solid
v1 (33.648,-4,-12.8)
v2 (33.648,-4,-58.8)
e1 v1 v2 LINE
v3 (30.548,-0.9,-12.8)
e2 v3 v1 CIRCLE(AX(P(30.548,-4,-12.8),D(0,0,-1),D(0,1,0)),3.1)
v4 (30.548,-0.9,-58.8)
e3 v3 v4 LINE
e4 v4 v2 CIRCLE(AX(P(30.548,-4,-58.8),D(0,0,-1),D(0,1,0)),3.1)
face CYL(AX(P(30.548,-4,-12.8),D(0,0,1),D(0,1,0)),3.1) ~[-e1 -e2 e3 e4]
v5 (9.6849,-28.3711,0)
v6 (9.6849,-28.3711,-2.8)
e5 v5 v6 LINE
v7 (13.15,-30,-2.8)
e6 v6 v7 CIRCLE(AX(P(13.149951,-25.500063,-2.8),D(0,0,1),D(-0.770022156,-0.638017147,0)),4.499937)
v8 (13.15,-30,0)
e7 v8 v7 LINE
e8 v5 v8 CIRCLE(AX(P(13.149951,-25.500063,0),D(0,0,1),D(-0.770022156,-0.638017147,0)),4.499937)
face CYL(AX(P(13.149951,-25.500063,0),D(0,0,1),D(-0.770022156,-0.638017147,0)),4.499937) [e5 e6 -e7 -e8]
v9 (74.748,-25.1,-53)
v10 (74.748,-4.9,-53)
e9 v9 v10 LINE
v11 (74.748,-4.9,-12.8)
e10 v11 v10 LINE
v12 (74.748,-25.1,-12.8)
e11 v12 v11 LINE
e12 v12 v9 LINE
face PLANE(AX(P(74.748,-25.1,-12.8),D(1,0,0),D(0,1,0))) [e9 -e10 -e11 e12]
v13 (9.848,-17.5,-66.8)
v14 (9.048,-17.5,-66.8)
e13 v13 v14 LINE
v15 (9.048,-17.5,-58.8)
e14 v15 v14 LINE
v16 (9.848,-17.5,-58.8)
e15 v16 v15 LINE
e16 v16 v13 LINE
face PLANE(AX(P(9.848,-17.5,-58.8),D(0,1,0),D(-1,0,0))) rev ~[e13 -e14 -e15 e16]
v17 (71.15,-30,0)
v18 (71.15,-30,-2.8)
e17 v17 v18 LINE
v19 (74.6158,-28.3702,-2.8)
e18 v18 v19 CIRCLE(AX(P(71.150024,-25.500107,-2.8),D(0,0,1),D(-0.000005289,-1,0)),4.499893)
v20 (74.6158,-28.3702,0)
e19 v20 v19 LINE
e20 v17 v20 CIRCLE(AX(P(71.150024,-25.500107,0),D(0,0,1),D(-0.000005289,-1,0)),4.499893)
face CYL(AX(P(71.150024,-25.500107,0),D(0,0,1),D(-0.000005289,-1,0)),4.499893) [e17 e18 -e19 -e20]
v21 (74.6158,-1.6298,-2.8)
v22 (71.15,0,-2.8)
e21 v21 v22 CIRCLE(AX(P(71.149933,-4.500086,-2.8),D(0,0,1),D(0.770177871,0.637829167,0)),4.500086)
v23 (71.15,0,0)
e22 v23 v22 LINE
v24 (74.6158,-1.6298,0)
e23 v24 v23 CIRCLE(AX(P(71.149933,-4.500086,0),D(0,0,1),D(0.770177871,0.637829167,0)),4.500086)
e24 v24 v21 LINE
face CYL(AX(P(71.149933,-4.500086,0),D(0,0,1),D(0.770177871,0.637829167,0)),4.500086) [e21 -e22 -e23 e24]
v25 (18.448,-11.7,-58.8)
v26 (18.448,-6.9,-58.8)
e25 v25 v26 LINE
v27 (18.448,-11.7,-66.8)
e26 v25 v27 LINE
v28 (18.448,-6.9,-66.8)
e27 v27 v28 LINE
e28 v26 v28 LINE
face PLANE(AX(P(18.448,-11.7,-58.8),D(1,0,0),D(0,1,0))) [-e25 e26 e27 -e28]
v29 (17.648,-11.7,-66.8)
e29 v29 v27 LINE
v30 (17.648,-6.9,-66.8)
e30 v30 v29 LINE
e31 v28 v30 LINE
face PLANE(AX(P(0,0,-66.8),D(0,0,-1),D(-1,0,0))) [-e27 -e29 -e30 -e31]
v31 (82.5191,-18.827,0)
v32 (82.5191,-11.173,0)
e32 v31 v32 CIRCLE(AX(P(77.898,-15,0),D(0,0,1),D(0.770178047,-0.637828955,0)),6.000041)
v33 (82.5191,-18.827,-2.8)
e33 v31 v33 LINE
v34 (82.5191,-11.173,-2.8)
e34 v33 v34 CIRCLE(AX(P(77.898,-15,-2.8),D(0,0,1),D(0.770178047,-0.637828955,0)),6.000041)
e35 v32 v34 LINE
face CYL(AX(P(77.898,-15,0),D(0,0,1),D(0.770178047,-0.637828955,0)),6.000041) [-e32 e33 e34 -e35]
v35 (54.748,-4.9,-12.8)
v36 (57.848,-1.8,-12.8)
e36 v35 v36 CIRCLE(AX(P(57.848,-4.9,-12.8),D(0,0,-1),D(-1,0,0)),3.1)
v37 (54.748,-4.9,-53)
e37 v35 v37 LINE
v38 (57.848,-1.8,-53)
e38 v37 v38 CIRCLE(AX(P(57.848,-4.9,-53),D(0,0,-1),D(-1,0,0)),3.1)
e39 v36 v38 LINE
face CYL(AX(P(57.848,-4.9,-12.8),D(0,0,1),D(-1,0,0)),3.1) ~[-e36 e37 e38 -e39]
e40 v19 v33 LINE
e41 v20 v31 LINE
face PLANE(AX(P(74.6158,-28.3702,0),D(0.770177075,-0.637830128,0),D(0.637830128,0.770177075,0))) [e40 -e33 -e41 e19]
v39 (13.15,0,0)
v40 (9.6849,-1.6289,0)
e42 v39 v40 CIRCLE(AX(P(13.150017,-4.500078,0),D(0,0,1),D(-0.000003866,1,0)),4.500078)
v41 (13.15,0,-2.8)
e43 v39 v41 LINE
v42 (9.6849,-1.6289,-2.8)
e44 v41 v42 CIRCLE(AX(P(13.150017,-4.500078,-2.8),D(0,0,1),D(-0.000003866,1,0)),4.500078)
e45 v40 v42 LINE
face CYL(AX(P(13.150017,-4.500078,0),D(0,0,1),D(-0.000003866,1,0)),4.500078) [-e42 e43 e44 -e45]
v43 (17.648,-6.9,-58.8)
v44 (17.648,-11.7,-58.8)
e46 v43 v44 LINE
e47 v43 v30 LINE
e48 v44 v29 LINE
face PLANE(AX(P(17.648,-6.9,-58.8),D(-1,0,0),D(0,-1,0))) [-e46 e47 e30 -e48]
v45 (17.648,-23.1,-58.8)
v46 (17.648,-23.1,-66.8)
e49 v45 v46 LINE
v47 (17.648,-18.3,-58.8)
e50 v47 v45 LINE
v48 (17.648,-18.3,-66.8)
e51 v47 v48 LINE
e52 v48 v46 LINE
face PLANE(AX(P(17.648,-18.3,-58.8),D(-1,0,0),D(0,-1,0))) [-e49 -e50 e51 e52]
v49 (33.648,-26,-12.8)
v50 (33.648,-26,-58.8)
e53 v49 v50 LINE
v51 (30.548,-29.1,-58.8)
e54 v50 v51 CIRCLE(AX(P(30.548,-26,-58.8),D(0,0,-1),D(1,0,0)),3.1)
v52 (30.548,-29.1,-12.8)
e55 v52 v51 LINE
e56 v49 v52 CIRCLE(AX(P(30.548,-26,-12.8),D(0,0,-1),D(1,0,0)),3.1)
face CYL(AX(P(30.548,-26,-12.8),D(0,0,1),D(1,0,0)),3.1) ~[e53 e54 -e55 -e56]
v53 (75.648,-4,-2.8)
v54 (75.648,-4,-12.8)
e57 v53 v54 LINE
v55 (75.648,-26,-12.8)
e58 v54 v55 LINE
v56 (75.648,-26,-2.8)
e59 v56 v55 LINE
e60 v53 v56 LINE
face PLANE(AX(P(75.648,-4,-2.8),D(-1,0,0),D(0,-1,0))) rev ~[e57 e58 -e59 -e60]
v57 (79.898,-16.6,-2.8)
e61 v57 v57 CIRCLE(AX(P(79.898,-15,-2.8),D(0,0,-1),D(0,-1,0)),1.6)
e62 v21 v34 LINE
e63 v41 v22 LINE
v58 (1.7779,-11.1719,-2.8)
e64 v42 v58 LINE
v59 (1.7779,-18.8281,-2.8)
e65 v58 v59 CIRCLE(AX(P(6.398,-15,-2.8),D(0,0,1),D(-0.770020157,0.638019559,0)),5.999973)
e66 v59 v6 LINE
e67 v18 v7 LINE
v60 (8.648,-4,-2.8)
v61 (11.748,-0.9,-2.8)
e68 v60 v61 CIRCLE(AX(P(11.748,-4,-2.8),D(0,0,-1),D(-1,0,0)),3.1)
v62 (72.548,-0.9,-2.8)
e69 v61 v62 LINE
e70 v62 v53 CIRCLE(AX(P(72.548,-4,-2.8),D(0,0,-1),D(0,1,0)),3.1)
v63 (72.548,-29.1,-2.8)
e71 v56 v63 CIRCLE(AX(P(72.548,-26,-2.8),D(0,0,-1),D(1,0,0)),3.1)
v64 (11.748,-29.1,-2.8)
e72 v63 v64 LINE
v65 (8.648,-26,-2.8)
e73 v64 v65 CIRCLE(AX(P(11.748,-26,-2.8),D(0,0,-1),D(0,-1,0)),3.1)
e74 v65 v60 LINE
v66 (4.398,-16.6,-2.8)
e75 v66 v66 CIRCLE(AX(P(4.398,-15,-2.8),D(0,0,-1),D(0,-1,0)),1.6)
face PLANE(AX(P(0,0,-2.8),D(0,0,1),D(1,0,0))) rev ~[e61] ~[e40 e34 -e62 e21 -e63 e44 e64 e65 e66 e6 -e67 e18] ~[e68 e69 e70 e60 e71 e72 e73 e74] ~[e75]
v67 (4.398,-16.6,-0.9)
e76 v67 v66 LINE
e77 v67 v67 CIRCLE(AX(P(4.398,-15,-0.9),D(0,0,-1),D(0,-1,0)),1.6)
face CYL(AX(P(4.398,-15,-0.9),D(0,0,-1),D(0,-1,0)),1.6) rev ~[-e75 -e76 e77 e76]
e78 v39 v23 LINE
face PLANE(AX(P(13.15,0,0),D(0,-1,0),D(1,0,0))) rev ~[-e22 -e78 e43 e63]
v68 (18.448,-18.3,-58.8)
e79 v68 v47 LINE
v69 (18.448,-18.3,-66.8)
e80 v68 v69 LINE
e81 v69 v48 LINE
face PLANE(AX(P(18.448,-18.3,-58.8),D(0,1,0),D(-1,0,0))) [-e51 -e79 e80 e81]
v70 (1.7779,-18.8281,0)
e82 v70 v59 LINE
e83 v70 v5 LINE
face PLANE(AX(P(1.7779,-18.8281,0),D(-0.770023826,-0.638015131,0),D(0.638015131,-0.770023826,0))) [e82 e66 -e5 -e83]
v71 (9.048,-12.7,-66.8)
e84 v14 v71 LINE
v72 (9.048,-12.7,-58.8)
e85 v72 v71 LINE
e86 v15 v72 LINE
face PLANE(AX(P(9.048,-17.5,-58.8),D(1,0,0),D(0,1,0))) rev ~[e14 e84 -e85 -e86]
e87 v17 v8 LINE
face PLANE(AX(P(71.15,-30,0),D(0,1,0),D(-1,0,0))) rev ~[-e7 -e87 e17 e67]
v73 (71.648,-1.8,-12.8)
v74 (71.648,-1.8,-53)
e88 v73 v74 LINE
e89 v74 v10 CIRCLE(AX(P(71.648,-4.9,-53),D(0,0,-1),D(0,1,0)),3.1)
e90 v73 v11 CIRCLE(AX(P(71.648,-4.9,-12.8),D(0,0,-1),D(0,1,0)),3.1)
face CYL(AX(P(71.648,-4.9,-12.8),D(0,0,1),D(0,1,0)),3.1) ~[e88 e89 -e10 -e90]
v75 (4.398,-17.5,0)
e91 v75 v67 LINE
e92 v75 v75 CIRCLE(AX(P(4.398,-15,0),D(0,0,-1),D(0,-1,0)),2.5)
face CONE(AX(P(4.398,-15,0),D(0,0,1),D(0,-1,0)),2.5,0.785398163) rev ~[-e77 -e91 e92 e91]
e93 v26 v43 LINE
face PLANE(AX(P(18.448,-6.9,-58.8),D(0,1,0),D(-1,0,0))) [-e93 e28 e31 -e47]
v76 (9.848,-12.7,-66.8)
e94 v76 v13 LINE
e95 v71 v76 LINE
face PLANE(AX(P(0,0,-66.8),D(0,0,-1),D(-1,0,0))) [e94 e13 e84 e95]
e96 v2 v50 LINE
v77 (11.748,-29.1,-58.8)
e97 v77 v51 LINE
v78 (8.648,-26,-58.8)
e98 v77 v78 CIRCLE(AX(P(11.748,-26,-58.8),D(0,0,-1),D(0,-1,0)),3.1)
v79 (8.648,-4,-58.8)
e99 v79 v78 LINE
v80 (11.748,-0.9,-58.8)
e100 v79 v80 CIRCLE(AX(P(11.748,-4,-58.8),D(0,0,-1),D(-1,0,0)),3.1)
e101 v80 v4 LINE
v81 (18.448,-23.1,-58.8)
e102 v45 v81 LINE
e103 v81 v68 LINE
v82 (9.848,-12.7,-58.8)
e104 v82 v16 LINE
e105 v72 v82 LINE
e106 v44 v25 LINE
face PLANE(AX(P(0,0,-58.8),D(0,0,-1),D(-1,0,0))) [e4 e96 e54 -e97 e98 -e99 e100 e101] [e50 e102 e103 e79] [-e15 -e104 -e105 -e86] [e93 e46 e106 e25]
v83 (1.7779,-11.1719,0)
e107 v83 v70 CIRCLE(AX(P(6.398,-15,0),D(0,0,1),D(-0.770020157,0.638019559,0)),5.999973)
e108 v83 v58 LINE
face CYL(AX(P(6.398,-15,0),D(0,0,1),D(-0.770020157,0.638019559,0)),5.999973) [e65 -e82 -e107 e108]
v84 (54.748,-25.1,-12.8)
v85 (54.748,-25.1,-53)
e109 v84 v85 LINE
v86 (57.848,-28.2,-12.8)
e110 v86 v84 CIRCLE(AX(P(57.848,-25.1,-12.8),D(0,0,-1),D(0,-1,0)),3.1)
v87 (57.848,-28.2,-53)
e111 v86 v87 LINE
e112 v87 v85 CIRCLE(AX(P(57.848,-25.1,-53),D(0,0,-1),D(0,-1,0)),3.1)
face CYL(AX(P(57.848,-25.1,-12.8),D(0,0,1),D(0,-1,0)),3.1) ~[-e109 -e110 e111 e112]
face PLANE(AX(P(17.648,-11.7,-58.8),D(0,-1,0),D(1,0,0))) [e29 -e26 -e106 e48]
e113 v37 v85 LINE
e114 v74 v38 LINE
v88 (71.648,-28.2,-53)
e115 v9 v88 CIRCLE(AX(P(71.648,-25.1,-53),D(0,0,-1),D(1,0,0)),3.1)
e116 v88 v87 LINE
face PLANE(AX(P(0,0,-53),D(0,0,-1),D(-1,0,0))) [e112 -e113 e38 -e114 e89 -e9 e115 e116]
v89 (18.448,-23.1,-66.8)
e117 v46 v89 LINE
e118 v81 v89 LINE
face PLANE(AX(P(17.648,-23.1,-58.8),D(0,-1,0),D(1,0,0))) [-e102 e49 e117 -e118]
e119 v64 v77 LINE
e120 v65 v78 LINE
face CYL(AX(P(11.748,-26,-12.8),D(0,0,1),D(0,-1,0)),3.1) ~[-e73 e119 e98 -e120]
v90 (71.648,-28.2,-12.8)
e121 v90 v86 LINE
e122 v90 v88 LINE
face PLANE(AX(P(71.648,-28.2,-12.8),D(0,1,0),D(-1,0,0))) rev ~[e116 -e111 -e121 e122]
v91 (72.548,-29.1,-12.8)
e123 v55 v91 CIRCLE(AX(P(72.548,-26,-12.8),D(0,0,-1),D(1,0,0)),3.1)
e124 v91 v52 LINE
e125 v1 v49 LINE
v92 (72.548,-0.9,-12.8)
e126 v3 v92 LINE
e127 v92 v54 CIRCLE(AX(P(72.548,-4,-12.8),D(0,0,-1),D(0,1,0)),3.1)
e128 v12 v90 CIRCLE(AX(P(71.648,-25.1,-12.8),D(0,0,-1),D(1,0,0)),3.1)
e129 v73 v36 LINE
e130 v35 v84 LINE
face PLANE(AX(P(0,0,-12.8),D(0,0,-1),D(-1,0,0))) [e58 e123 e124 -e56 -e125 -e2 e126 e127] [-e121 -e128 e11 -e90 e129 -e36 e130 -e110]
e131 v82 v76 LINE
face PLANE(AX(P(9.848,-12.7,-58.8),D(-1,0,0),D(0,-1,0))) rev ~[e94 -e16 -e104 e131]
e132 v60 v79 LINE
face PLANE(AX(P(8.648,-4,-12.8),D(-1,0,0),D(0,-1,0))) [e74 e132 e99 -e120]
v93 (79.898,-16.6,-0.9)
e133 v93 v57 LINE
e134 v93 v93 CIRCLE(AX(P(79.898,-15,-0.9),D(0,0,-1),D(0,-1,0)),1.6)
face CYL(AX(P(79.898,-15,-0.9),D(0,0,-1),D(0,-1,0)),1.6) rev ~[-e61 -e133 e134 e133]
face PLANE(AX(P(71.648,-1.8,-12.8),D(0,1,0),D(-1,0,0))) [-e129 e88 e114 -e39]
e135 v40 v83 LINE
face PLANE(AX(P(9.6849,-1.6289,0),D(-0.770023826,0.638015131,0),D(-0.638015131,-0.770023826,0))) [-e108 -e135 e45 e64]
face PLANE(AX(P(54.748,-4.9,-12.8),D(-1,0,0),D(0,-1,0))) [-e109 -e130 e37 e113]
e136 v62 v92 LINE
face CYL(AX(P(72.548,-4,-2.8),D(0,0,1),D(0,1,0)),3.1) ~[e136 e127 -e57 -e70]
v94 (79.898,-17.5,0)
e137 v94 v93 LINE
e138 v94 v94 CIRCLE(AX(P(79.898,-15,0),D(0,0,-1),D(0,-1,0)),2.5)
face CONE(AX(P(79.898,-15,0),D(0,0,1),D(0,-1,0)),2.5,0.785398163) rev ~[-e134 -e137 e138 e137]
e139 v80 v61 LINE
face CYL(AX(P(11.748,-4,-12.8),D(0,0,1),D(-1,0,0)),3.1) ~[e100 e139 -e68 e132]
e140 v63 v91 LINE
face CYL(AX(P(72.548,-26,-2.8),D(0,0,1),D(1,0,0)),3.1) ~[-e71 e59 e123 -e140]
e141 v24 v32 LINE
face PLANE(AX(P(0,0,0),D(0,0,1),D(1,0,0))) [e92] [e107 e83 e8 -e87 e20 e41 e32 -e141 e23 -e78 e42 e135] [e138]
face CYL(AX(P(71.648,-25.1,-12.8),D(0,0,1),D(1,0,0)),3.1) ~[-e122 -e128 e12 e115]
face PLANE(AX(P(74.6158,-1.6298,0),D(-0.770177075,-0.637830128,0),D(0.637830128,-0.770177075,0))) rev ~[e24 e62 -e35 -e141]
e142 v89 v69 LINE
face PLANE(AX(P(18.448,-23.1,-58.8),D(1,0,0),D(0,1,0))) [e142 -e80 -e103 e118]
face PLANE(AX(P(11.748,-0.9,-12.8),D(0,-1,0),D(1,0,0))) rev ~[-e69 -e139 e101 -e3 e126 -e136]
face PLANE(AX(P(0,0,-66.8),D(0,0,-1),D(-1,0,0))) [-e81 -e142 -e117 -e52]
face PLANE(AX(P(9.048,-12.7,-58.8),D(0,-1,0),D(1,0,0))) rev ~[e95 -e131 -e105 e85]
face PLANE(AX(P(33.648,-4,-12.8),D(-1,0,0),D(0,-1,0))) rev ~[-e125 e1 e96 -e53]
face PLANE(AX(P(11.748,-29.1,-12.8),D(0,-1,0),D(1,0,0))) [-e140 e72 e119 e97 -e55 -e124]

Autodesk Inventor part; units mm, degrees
ref_plane "YZ Plane" through (0, 0, 0) normal (1, 0, 0) x (0, 1, 0)
ref_plane "XZ Plane" through (0, 0, 0) normal (0, 1, 0) x (-1, 0, 0)
ref_plane "XY Plane" through (0, 0, 0) normal (0, 0, 1) x (1, 0, 0)
sketch "Skizze1" plane through (0, 0, 0) normal (0, 0, 1) x (1, 0, 0)
  line L0 (13.15, 0) -> (71.15, 0)
  line L1 (71.15, -30) -> (13.15, -30)
  arc A0 (1.7779, -11.1719) -> (1.7779, -18.8281) centre (6.398, -15) ccw
  arc A1 (82.5191, -18.827) -> (82.5191, -11.173) centre (77.898, -15) ccw
  line L2 (13.15, 0) -> (71.15, 0)
  line L3 (71.15, -30) -> (13.15, -30)
  arc A2 (13.15, 0) -> (9.6849, -1.6289) centre (13.15, -4.5) ccw
  arc A3 (9.6849, -28.3711) -> (13.15, -30) centre (13.15, -25.5) ccw
  arc A4 (71.15, -30) -> (74.6158, -28.3702) centre (71.15, -25.5) ccw
  arc A5 (74.6158, -1.6298) -> (71.15, 0) centre (71.15, -4.5) ccw
  line L4 (9.6849, -1.6289) -> (1.7779, -11.1719)
  line L5 (1.7779, -18.8281) -> (9.6849, -28.3711)
  line L6 (74.6158, -28.3702) -> (82.5191, -18.827)
  line L7 (74.6158, -1.6298) -> (82.5191, -11.173)
  line L8 (6.398, -15) -> (77.898, -15) construction
  point P0 (0, 0)
  point P1 (74.85, -30)
  dimension "d2" = 12
  dimension "d3" = 12
  dimension "d6" = 4.5
  dimension "d47" = 71.5
  dimension "d48" = 21
  dimension "d49" = 21
  dimension "d50" = 58
  dimension "d51" = 58
  dimension "d52" = 15
  dimension "d53" = 15
  dimension "d54" = 50.37
  dimension "d55" = 50.37
  dimension "d56" = 50.356
  dimension "d57" = 50.356
extrude "Extrusion1" add sketch "Skizze1" against normal blind 2.8
sketch "Skizze2" plane through (0, 0, 0) normal (0, 0, 1) x (1, 0, 0)
  arc A0 (1.7779, -11.1719) -> (1.7779, -18.8281) centre (6.398, -15) ccw projected
  point P0 (0, 0)
  point P1 (4.398, -15)
  point P2 (79.898, -15)
  dimension "d9" = 75.5
  dimension "d10" = 2
hole "Bohrung1" at (4.398, -15, 0) at (79.898, -15, 0) direction (0, 0, -1) diameter 3.2 end through all countersink diameter 5 countersink angle 90
sketch "Skizze3" plane through (0, 0, -2.8) normal (0, 0, -1) x (-1, 0, 0)
  circle A0 centre (-79.898, -15) radius 1.6 projected
  arc A1 (-13.15, -30) -> (-9.6849, -28.3711) centre (-13.15, -25.5) ccw projected
  line L0 (-16.4119, -28.6) -> (-15.1466, -28.6)
  line L1 (-15.1466, -1.4) -> (-29.2653, -1.4)
  line L2 (-72.548, -29.1) -> (-11.748, -29.1)
  line L3 (-8.648, -26) -> (-8.648, -4)
  line L4 (-11.748, -0.9) -> (-72.548, -0.9)
  line L5 (-75.648, -4) -> (-75.648, -26)
  arc A2 (-75.648, -26) -> (-72.548, -29.1) centre (-72.548, -26) ccw
  arc A3 (-72.548, -0.9) -> (-75.648, -4) centre (-72.548, -4) ccw
  arc A4 (-8.648, -4) -> (-11.748, -0.9) centre (-11.748, -4) ccw
  arc A5 (-11.748, -29.1) -> (-8.648, -26) centre (-11.748, -26) ccw
  line L6 (-13.15, -30) -> (-71.15, -30) projected
  line L7 (-71.15, 0) -> (-13.15, 0) projected
  point P0 (0, 0)
  point P1 (-8.648, -0.9)
  point P2 (-75.648, -0.9)
  dimension "d20" = 67
  dimension "d21" = 4.25
  dimension "d22" = 3.1
  dimension "d44" = 28.2
  dimension "d45" = 0.9
  dimension "d46" = 0.9
extrude "Extrusion2" add sketch "Skizze3" along normal blind 10 contours A2 L5 A3 L4 A4 L3 A5 L2
sketch "Skizze4" plane through (0, 0, -12.8) normal (0, 0, -1) x (-1, 0, 0)
  line L0 (-11.748, -29.1) -> (-72.548, -29.1) projected
  line L1 (-8.648, -4) -> (-8.648, -26) projected
  line L2 (-11.748, -0.9) -> (-30.548, -0.9)
  line L3 (-33.648, -4) -> (-33.648, -26)
  line L4 (-30.548, -29.1) -> (-11.748, -29.1)
  line L5 (-8.648, -26) -> (-8.648, -4)
  arc A0 (-11.748, -29.1) -> (-8.648, -26) centre (-11.748, -26) ccw
  arc A1 (-8.648, -4) -> (-11.748, -0.9) centre (-11.748, -4) ccw
  arc A2 (-30.548, -0.9) -> (-33.648, -4) centre (-30.548, -4) ccw
  arc A3 (-33.648, -26) -> (-30.548, -29.1) centre (-30.548, -26) ccw
  point P0 (0, 0)
  point P1 (-33.648, -29.1)
  dimension "d25" = 25
  dimension "d26" = 3.1
  dimension "d27" = 0
  dimension "d28" = 3.1
extrude "Extrusion3" add sketch "Skizze4" along normal blind 46
sketch "Skizze5" plane through (0, 0, -58.8) normal (0, 0, -1) x (-1, 0, 0)
  line L0 (-8.648, -4) -> (-8.648, -26) projected
  line L1 (-11.748, -29.1) -> (-30.548, -29.1) projected
  line L2 (-9.848, -17.5) -> (-9.048, -17.5)
  line L3 (-9.048, -17.5) -> (-9.048, -12.7)
  line L4 (-9.048, -12.7) -> (-9.848, -12.7)
  line L5 (-9.848, -12.7) -> (-9.848, -17.5)
  line L6 (-30.548, -0.9) -> (-11.748, -0.9) projected
  line L7 (-18.448, -6.9) -> (-17.648, -6.9)
  line L8 (-17.648, -6.9) -> (-17.648, -11.7)
  line L9 (-17.648, -11.7) -> (-18.448, -11.7)
  line L10 (-18.448, -11.7) -> (-18.448, -6.9)
  line L11 (-18.448, -18.3) -> (-17.648, -18.3)
  line L12 (-17.648, -18.3) -> (-17.648, -23.1)
  line L13 (-17.648, -23.1) -> (-18.448, -23.1)
  line L14 (-18.448, -23.1) -> (-18.448, -18.3)
  point P0 (0, 0)
  dimension "d31" = 0.4
  dimension "d33" = 0.8
  dimension "d35" = 4.8
  dimension "d37" = 11.6
  dimension "d62" = 0.8
  dimension "d63" = 0.8
  dimension "d64" = 4.8
  dimension "d65" = 4.8
  dimension "d66" = 6
  dimension "d67" = 6
  dimension "d68" = 0
  dimension "d69" = 9
extrude "Extrusion4" add sketch "Skizze5" along normal blind 8
sketch "Skizze6" plane through (0, 0, -12.8) normal (0, 0, -1) x (-1, 0, 0)
  line L0 (-30.548, -29.1) -> (-72.548, -29.1) projected
  line L1 (-71.648, -1.8) -> (-57.848, -1.8)
  line L2 (-54.748, -4.9) -> (-54.748, -25.1)
  line L3 (-74.748, -25.1) -> (-74.748, -4.9)
  arc A0 (-71.648, -1.8) -> (-74.748, -4.9) centre (-71.648, -4.9) ccw
  arc A1 (-54.748, -4.9) -> (-57.848, -1.8) centre (-57.848, -4.9) ccw
  arc A2 (-57.848, -28.2) -> (-54.748, -25.1) centre (-57.848, -25.1) ccw
  arc A3 (-74.748, -25.1) -> (-71.648, -28.2) centre (-71.648, -25.1) ccw
  line L4 (-72.548, -0.9) -> (-30.548, -0.9) projected
  line L5 (-75.648, -26) -> (-75.648, -4) projected
  line L6 (-33.648, -26) -> (-33.648, -4) projected
  line L7 (-71.648, -28.2) -> (-57.848, -28.2)
  point P0 (0, 0)
  point P1 (-54.748, -29.1)
  dimension "d40" = 20
  dimension "d41" = 3.1
  dimension "d58" = 0.9
  dimension "d59" = 0.9
  dimension "d60" = 0.9
  dimension "d61" = 26.4
extrude "Extrusion5" add sketch "Skizze6" along normal blind 40.2
equation "\"d2\" = d3"
properties part number "Schurter_CDG4_4101_151"
